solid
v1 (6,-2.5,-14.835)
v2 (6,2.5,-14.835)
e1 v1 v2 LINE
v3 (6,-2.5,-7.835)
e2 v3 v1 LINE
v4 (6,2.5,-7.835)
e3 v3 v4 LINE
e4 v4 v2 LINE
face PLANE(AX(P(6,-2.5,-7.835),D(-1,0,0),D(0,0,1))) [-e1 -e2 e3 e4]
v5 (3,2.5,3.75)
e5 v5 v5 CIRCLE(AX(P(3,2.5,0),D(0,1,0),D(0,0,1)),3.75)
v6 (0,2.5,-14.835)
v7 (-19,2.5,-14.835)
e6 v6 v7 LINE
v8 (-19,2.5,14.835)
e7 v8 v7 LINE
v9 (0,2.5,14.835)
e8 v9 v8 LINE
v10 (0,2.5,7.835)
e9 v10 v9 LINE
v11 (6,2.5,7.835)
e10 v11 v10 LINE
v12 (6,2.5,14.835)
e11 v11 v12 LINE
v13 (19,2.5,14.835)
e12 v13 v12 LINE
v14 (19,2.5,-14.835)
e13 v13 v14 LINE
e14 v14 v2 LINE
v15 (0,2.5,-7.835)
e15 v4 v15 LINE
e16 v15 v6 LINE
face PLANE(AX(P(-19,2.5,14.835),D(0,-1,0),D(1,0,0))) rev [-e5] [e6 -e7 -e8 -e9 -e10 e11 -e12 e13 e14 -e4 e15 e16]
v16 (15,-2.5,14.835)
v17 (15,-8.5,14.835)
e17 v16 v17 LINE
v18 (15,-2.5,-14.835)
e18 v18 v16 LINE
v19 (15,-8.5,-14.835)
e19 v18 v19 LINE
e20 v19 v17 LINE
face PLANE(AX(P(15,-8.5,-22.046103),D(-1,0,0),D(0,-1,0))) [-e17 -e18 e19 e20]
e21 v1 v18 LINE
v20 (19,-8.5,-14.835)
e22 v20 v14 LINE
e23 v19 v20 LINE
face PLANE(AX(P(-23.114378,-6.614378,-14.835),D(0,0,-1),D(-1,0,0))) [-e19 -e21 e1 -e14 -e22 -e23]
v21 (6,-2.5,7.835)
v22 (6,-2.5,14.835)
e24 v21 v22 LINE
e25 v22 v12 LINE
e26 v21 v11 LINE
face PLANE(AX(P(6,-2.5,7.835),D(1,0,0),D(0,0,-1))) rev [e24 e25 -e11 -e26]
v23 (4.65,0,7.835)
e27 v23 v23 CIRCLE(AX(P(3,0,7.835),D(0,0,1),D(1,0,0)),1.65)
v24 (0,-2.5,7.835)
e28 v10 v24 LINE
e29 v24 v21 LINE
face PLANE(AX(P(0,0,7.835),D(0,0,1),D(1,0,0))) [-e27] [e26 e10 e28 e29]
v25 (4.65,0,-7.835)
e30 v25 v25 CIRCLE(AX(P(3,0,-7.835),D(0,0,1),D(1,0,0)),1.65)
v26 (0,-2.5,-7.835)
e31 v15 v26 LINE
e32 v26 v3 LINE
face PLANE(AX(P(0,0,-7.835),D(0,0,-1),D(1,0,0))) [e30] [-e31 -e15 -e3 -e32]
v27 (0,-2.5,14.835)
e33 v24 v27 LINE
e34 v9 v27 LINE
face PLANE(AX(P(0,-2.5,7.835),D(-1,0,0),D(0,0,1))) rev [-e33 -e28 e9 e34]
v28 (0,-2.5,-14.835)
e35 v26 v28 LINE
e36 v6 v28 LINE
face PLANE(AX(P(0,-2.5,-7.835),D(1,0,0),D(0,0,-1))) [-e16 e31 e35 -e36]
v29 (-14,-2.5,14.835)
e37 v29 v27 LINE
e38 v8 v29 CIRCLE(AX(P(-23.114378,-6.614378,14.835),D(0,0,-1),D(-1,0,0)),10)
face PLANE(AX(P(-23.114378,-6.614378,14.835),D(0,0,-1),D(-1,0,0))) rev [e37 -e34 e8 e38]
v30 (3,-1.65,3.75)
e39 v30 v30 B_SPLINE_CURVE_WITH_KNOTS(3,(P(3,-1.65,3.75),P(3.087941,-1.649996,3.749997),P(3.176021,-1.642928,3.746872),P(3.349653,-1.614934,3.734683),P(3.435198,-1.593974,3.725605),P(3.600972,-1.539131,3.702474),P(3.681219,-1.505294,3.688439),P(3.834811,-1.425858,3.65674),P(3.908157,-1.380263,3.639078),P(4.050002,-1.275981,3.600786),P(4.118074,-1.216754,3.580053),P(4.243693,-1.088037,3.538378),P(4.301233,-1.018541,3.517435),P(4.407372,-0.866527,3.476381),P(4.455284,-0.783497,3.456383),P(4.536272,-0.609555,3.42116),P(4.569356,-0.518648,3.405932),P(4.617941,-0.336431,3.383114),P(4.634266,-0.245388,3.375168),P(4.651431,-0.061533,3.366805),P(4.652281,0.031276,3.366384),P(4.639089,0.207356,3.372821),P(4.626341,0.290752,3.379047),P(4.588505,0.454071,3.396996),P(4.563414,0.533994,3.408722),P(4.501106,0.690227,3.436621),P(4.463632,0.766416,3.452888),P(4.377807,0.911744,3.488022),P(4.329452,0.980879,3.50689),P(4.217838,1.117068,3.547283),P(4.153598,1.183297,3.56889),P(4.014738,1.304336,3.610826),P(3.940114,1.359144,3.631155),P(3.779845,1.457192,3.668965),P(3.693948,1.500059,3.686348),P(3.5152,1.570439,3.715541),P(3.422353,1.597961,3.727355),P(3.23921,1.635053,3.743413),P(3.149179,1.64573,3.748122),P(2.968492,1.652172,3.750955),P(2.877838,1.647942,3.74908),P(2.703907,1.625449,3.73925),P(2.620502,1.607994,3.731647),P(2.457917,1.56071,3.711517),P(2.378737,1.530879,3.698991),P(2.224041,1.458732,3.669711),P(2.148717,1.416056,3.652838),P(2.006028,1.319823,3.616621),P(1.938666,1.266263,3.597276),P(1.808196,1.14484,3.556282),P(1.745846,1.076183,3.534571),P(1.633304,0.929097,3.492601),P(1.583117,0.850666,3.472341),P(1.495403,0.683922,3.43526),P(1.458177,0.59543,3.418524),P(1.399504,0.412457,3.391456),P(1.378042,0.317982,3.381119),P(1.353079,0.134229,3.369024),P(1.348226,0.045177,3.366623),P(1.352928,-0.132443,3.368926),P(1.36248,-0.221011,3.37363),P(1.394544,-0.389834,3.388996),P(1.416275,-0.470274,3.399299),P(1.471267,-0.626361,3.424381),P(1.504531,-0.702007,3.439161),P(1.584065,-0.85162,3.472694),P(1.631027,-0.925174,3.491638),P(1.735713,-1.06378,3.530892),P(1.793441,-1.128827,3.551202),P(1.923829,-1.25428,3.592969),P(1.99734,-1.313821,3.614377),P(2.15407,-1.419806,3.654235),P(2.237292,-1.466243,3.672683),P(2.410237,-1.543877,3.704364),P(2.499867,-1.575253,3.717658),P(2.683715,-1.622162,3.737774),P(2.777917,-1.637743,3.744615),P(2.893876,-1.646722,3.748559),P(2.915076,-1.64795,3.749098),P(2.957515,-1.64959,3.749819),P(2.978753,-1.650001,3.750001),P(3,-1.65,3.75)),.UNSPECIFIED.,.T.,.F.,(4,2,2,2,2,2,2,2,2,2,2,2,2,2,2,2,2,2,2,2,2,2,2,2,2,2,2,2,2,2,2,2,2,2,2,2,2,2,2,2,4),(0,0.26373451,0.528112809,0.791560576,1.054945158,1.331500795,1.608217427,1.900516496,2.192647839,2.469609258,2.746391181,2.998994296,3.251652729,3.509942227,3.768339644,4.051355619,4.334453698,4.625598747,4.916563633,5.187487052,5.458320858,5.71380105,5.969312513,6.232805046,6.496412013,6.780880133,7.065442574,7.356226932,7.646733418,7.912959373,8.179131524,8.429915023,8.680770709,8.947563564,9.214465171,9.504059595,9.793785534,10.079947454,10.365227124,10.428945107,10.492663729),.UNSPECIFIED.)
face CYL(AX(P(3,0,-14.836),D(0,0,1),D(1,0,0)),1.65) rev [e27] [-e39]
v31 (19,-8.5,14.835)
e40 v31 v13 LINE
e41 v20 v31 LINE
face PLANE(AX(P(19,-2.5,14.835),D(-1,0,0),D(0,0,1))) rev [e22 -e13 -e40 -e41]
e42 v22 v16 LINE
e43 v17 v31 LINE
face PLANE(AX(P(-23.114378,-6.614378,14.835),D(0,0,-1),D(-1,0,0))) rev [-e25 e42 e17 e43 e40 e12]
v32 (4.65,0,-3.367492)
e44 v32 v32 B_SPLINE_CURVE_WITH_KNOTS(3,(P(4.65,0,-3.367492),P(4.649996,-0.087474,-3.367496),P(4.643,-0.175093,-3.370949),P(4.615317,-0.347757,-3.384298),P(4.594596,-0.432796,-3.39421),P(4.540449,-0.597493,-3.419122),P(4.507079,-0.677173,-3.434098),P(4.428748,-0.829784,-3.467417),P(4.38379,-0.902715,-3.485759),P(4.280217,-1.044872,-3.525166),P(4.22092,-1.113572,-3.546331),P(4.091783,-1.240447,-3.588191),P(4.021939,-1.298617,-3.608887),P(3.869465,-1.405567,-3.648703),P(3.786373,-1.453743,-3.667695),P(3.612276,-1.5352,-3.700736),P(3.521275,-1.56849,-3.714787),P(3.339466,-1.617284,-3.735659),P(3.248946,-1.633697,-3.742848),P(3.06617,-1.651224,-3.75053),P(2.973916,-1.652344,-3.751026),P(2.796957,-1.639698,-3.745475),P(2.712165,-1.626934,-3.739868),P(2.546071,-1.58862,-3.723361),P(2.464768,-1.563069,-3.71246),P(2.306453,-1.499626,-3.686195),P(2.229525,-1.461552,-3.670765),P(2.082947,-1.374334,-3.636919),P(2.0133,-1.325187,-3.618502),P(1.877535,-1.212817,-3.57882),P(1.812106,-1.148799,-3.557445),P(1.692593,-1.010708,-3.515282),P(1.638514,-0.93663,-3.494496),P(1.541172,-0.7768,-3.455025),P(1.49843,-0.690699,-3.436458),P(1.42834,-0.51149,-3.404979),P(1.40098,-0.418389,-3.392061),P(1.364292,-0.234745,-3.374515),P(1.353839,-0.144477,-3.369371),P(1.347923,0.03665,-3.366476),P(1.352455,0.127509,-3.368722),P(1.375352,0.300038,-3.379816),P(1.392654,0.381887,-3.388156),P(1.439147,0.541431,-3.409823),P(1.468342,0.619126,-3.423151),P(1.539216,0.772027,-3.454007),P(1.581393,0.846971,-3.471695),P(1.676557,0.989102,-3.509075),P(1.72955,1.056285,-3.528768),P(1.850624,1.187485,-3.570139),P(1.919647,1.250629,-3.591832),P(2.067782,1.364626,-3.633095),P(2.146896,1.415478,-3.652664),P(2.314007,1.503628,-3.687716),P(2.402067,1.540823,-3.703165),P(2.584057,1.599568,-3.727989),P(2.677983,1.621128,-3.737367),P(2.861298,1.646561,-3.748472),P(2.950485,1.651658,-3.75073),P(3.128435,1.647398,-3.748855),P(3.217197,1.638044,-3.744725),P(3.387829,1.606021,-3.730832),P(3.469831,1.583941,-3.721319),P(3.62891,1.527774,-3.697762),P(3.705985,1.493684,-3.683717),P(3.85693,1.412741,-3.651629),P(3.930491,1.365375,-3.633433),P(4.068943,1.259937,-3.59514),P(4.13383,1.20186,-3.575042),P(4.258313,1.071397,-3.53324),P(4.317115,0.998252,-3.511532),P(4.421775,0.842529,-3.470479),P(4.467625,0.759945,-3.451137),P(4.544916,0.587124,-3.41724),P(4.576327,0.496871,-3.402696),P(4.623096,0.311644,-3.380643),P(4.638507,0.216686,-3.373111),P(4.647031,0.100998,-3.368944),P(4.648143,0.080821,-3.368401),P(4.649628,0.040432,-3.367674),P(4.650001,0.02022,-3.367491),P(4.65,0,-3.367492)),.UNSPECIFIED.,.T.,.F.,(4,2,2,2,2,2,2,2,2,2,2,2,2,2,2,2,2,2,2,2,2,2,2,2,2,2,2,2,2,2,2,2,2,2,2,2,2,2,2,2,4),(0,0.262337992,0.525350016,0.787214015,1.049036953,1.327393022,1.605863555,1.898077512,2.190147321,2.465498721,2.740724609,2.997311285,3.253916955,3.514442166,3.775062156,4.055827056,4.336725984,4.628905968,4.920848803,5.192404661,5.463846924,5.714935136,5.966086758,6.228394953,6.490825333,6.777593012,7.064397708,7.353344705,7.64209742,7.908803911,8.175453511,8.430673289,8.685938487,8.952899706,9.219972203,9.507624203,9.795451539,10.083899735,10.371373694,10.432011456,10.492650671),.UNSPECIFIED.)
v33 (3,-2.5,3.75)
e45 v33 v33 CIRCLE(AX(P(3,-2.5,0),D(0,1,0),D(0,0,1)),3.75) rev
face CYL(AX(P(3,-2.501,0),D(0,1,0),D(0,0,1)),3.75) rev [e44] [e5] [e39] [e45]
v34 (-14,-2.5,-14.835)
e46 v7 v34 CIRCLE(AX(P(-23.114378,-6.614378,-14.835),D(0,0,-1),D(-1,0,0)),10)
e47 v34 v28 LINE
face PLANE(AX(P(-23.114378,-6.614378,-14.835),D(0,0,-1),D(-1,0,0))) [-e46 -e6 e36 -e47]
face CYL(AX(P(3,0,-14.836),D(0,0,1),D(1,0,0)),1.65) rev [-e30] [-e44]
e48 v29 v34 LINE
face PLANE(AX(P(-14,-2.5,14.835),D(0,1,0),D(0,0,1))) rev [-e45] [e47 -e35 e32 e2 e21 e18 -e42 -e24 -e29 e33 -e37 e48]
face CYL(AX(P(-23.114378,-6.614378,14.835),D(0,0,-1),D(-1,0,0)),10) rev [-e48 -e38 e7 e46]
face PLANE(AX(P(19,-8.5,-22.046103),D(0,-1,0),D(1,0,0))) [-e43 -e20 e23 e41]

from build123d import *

# Parameters (mm, degrees)
BOSS_EXTRUDE1_DEPTH = 14.835
CUT_EXTRUDE1_REACH  = 37.321
SKETCH4_R           = 1.65
SKETCH4_3_W         = 6
SKETCH4_3_H         = 5
SKETCH4_3_R         = 1.65
CUT_EXTRUDE3_DEPTH  = 7
CUT_EXTRUDE2_REACH  = 26.619
SKETCH5_R           = 3.75
SKETCH6_W           = 4
SKETCH6_H           = 6
BOSS_EXTRUDE2_DEPTH = 29.67


with BuildPart() as part:
    # Sketch3 → Boss-Extrude1 (new, symmetric)
    with BuildSketch(Plane.XY):
        with BuildLine():
            Line((-14, -2.5), (19, -2.5))
            Line((19, -2.5), (19, 2.5))
            Line((19, 2.5), (-19, 2.5))
            ThreePointArc((-19, 2.5), (-16.043310466, 0.456689534), (-14, -2.5))
        make_face()
    extrude(amount=BOSS_EXTRUDE1_DEPTH, both=True)

    # Sketch4 → Cut-Extrude1 (cut, up to next)
    with BuildSketch(Plane.XY.offset(14.835), mode=Mode.PRIVATE) as cut_extrude1_sk1:
        with Locations((3, 0)):
            Circle(SKETCH4_R)
    cut_extrude1_tool1 = extrude(cut_extrude1_sk1.sketch, amount=-CUT_EXTRUDE1_REACH, mode=Mode.PRIVATE) & part.part
    add(cut_extrude1_tool1.solids().sort_by_distance((3, 0, 14.835))[0], mode=Mode.SUBTRACT)

    # Sketch4<3> → Cut-Extrude3 (cut)
    with BuildSketch(Plane.XY.offset(14.835)):
        with Locations((3, 0)):
            Rectangle(SKETCH4_3_W, SKETCH4_3_H)
        with Locations((3, 0)):
            Circle(SKETCH4_3_R, mode=Mode.SUBTRACT)
    cut_extrude3 = extrude(amount=-CUT_EXTRUDE3_DEPTH, mode=Mode.SUBTRACT)

    # Mirror1: Cut-Extrude3 across plane
    add(cut_extrude3.mirror(Plane.XY), mode=Mode.SUBTRACT)

    # Sketch5 → Cut-Extrude2 (cut, up to next)
    with BuildSketch(Plane(origin=(0, 2.5, 0), x_dir=(1, 0, 0), z_dir=(0, 1, 0)), mode=Mode.PRIVATE) as cut_extrude2_sk1:
        with Locations(Location((3, 0, 0), (0, 0, 270))):
            Circle(SKETCH5_R)
    cut_extrude2_tool1 = extrude(cut_extrude2_sk1.sketch, amount=-CUT_EXTRUDE2_REACH, mode=Mode.PRIVATE) & part.part
    add(cut_extrude2_tool1.solids().sort_by_distance((3, 2.5, 0))[0], mode=Mode.SUBTRACT)

    # Sketch6 → Boss-Extrude2 (add)
    with BuildSketch(Plane.XY.offset(14.835)):
        with Locations((17, -5.5)):
            Rectangle(SKETCH6_W, SKETCH6_H)
    extrude(amount=-BOSS_EXTRUDE2_DEPTH)


solid = part.part
